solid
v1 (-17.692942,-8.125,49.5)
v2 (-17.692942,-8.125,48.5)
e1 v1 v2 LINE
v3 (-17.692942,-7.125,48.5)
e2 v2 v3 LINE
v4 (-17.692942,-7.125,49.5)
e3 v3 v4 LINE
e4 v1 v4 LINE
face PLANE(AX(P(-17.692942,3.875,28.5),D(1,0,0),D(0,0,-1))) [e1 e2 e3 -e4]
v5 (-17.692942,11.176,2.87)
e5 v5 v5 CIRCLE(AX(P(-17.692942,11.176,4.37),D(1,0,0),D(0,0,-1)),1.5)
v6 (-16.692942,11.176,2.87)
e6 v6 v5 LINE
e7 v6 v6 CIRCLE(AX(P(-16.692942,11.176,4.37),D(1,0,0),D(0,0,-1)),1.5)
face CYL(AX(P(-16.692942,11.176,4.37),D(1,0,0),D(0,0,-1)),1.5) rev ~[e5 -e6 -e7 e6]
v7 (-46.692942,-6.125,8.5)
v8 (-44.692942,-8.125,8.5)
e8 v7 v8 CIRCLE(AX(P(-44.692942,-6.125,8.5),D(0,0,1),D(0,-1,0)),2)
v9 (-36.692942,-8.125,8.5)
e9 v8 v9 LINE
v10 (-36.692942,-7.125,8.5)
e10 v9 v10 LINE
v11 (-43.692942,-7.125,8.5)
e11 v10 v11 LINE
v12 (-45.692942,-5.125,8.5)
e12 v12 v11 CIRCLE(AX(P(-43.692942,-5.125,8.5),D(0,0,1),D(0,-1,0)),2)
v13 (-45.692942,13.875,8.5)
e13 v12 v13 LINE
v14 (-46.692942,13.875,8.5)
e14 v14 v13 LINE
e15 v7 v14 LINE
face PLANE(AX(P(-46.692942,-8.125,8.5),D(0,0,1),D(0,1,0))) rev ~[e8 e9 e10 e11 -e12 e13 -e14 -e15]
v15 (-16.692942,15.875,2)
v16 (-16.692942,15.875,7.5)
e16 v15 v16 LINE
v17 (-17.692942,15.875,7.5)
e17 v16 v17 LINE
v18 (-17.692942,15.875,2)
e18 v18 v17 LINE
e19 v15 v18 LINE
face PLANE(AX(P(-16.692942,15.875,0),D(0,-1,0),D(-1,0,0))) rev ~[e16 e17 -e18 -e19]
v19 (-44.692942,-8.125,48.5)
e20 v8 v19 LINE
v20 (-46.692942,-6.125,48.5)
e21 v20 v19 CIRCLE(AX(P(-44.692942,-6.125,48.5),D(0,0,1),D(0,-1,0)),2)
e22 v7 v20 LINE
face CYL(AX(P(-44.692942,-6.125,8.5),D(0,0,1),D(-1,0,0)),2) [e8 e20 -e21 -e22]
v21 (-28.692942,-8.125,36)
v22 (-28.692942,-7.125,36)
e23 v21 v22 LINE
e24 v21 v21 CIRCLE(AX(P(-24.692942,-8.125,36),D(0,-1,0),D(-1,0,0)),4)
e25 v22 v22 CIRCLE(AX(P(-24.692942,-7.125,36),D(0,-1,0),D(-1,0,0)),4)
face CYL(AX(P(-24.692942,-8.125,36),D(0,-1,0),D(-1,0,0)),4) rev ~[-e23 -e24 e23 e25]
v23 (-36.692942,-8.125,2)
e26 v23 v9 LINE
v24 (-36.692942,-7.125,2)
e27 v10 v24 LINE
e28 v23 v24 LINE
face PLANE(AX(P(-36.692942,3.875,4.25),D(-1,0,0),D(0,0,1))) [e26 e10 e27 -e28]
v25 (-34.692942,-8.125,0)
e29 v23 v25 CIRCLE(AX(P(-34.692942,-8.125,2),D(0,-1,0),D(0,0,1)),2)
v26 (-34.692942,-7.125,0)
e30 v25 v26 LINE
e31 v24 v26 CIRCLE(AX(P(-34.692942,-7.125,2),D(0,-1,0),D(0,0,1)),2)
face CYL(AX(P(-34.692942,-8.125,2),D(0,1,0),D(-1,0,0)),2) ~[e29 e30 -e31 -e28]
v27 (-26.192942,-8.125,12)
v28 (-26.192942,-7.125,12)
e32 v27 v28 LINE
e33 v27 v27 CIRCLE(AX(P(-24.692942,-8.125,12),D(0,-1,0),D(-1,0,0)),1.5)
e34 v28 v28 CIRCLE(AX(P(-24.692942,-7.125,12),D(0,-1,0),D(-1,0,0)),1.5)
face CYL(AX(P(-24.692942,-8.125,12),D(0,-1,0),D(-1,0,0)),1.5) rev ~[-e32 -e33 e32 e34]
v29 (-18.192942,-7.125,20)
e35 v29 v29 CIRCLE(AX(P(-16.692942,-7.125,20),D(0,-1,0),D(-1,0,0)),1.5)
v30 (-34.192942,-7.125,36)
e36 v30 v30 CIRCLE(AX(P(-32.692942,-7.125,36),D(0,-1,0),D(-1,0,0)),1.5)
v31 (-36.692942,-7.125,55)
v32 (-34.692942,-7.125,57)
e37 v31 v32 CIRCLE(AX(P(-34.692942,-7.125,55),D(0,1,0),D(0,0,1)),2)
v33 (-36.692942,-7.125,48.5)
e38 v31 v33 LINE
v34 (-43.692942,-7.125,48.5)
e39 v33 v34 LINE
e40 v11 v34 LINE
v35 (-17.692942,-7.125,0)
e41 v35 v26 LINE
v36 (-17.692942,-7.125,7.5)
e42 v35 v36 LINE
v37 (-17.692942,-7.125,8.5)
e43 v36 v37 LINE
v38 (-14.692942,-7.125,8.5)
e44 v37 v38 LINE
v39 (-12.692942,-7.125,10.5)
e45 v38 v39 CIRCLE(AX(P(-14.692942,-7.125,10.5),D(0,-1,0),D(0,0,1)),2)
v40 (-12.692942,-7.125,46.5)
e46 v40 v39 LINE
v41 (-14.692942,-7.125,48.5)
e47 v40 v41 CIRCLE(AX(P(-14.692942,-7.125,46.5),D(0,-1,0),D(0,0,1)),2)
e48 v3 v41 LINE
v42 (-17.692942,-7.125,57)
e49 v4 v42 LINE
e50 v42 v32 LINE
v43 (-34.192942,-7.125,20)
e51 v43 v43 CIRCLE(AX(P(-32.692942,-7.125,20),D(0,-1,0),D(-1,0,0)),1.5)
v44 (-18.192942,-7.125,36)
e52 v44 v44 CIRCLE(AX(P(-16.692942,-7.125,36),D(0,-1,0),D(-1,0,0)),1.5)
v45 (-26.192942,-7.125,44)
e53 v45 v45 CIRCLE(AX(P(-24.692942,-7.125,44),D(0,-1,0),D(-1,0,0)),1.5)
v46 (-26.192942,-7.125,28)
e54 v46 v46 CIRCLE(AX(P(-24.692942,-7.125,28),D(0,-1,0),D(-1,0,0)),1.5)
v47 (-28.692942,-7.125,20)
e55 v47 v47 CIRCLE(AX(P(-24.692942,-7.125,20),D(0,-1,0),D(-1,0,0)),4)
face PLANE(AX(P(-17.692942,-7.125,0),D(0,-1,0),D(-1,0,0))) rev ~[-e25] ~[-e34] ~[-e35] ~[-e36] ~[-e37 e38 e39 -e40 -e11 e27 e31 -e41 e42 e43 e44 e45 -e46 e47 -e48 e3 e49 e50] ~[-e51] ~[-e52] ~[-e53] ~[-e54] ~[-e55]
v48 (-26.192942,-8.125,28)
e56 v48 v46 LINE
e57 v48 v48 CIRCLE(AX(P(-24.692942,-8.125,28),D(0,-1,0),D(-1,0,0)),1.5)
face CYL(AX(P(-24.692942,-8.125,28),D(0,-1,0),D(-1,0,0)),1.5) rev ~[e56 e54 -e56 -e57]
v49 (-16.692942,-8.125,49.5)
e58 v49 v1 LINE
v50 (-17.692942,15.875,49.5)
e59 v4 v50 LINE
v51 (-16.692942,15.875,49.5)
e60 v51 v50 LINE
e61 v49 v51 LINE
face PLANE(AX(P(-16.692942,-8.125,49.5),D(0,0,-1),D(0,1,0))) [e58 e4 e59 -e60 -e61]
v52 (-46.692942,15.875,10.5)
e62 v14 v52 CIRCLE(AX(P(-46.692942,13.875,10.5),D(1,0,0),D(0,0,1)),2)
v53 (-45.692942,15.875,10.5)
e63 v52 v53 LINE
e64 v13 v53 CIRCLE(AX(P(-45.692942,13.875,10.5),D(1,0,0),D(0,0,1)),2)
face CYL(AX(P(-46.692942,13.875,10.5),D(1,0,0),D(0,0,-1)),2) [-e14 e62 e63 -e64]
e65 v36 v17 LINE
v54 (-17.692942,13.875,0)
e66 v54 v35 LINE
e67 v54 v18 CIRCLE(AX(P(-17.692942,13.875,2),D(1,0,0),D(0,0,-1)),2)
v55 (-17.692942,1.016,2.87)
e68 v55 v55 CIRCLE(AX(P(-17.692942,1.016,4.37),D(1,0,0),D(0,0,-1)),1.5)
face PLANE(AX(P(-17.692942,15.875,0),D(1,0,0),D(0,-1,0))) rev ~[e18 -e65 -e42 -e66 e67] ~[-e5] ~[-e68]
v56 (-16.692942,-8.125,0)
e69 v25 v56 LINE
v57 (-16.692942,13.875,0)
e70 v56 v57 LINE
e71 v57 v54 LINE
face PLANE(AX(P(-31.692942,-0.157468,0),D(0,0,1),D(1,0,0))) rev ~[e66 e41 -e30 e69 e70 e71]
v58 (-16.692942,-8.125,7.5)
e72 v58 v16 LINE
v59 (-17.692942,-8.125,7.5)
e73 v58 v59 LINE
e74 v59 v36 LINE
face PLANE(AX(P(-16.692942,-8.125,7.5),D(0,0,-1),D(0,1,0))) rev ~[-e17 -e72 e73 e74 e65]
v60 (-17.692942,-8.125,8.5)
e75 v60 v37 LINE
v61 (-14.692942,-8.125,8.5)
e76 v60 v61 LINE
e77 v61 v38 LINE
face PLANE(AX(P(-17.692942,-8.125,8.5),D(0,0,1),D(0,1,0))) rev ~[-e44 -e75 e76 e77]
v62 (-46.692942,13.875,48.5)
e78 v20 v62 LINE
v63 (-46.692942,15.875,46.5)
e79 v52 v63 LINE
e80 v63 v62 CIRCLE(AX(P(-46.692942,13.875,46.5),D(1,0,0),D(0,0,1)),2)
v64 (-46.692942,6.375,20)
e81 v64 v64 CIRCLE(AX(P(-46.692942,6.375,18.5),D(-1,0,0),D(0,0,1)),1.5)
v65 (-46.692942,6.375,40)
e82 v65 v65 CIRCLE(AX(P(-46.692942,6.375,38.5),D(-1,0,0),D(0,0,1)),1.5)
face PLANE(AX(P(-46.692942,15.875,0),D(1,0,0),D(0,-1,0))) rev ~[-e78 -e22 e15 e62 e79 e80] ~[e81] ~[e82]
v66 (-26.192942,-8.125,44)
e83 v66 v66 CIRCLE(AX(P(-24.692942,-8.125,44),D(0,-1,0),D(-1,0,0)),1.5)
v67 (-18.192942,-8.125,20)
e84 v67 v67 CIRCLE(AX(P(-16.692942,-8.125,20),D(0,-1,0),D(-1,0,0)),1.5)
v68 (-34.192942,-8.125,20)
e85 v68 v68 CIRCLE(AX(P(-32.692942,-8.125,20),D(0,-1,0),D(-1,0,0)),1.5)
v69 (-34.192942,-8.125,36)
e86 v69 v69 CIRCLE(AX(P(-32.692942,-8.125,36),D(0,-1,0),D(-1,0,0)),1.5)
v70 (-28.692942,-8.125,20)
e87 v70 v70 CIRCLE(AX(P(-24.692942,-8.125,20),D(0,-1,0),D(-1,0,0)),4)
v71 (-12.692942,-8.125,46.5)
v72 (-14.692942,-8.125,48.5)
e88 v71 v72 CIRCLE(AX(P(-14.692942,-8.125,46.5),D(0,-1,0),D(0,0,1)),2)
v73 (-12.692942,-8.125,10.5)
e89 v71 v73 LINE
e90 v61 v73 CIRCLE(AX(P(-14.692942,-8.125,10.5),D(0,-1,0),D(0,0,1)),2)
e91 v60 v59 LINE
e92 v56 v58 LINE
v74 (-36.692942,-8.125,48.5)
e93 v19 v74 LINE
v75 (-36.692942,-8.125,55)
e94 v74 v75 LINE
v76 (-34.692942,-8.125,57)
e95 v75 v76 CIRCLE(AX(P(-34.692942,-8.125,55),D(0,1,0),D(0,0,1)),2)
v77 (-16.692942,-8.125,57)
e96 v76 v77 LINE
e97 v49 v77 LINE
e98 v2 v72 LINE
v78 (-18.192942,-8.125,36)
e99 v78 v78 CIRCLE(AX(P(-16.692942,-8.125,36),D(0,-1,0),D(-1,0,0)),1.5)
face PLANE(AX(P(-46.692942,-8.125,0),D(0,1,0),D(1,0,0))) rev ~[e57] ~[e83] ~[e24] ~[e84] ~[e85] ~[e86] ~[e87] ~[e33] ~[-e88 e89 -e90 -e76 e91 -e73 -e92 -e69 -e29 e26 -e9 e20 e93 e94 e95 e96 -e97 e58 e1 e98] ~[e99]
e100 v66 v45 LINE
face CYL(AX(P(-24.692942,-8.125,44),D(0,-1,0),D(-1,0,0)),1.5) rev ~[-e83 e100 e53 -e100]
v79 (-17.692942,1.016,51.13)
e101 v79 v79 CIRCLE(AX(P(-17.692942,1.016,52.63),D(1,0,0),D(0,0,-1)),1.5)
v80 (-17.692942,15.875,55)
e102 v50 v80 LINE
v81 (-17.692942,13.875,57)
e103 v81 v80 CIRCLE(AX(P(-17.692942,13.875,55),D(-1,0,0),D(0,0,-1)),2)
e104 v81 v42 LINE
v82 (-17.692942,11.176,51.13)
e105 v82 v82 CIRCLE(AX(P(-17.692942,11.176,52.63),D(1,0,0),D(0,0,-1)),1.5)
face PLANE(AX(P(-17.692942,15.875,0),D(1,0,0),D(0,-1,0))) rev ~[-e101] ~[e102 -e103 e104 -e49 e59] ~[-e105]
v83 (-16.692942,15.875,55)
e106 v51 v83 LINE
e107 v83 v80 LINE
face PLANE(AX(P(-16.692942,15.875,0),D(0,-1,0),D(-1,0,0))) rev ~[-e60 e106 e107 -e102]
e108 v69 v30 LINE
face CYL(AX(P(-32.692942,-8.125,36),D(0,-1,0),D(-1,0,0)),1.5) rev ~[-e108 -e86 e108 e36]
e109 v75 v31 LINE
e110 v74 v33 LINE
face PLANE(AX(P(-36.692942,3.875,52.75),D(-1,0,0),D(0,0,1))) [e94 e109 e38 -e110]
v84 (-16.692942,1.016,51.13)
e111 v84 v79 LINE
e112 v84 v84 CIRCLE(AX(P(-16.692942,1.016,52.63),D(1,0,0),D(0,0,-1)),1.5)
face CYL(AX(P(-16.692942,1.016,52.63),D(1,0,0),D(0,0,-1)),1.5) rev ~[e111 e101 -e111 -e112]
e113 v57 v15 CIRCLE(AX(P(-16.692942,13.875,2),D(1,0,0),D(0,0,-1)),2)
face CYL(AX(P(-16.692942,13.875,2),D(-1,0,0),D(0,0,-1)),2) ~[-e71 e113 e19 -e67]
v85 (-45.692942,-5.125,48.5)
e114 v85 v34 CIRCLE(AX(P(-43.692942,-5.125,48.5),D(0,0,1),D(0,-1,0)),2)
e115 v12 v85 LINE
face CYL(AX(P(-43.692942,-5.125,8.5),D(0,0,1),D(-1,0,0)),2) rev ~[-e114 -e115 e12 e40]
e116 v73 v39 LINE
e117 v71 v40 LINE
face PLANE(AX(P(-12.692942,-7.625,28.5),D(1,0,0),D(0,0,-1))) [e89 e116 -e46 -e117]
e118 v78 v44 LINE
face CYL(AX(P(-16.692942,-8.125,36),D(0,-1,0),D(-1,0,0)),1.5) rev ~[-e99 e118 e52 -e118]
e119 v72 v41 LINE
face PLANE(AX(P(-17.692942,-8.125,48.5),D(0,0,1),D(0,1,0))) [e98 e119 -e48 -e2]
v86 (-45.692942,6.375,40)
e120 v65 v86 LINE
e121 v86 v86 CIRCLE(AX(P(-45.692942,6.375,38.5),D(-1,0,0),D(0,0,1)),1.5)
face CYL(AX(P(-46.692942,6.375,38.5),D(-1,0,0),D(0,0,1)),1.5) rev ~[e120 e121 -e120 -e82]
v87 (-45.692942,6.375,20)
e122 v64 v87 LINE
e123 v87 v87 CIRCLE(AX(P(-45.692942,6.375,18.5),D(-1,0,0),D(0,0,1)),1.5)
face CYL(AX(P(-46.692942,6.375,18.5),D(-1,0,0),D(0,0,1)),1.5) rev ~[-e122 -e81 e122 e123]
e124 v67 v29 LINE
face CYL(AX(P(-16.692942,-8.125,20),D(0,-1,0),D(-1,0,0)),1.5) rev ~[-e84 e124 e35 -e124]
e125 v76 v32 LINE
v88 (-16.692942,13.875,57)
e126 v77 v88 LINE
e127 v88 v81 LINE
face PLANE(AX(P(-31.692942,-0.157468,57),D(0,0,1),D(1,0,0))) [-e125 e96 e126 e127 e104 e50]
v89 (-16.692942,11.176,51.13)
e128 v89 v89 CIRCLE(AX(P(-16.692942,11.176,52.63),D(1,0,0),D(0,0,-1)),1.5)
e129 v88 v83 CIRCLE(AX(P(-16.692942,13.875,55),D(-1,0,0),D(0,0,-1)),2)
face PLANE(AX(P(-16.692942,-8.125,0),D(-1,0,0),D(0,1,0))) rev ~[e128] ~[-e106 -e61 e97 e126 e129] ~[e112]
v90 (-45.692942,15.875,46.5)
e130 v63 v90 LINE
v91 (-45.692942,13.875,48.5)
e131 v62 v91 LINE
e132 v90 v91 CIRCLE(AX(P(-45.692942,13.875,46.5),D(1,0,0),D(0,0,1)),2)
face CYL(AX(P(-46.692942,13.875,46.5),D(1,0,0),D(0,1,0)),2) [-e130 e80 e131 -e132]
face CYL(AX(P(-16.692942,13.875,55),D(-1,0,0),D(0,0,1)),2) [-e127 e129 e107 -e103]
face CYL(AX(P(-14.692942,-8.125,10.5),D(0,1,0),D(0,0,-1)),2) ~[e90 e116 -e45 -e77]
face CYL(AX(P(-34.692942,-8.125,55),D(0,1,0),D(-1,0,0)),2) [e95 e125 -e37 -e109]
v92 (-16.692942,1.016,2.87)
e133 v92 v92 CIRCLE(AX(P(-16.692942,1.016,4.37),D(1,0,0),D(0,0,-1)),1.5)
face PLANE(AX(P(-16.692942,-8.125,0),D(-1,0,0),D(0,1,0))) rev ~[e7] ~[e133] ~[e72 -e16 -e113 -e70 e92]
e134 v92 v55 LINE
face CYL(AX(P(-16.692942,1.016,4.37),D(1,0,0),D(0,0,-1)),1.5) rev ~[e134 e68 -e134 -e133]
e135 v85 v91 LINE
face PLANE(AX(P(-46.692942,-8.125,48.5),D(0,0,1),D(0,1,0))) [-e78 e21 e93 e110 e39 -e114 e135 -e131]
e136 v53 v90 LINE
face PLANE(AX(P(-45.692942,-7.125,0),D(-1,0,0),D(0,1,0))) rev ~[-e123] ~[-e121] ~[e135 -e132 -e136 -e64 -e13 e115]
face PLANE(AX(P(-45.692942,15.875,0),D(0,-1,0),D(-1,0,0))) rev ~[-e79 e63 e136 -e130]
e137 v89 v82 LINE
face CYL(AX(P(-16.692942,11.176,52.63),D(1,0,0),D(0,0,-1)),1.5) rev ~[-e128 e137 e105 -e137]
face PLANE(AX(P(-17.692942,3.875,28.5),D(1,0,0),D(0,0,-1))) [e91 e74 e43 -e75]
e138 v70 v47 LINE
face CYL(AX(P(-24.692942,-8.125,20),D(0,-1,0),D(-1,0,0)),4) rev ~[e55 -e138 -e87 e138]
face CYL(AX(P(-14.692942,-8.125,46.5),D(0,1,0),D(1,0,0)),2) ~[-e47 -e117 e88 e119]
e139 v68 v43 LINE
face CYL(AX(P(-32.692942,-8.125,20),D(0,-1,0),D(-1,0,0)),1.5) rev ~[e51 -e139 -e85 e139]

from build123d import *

# Parameters (mm, degrees)
BOSS_EXTRUDE1_DEPTH = 57
SKETCH2_W           = 42
SKETCH2_H           = 24
CUT_EXTRUDE1_DEPTH  = 1
SKETCH3_R           = 1.5
CUT_EXTRUDE2_DEPTH  = 2.54
SKETCH4_W           = 8.5
SKETCH4_H           = 24
CUT_EXTRUDE3_DEPTH  = 10
SKETCH5_R           = 1.5
CUT_EXTRUDE4_DEPTH  = 10
SKETCH6_W           = 40
SKETCH6_H           = 1
BOSS_EXTRUDE2_DEPTH = 5
SKETCH7_R           = 4
SKETCH7_R_2         = 1.5
CUT_EXTRUDE5_DEPTH  = 1
FILLET1_R           = 2


with BuildPart() as part:
    # Sketch1 → Boss-Extrude1 (new body)
    with BuildSketch(Plane.XY):
        Polygon((-46.692941858, 15.875), (-46.692941858, -8.125), (-16.692941858, -8.125), (-16.692941858, 15.875), (-17.692941858, 15.875), (-17.692941858, -7.125), (-45.692941858, -7.125), (-45.692941858, 15.875), align=None)
    extrude(amount=BOSS_EXTRUDE1_DEPTH)

    # Sketch2 → Cut-Extrude1 (cut)
    with BuildSketch(Plane(origin=(-16.692941858, 0, 0), x_dir=(0, 0, -1), z_dir=(1, 0, 0))):
        with Locations((-28.5, 3.875)):
            Rectangle(SKETCH2_W, SKETCH2_H)
    extrude(amount=-CUT_EXTRUDE1_DEPTH, mode=Mode.SUBTRACT)

    # Sketch3 → Cut-Extrude2 (cut)
    with BuildSketch(Plane(origin=(-16.692941858, 0, 0), x_dir=(0, 0, -1), z_dir=(1, 0, 0))):
        with Locations((-52.63, 11.176)):
            Circle(SKETCH3_R)
        with Locations((-4.37, 11.176)):
            Circle(SKETCH3_R)
        with Locations((-4.37, 1.016)):
            Circle(SKETCH3_R)
        with Locations((-52.63, 1.016)):
            Circle(SKETCH3_R)
    extrude(amount=-CUT_EXTRUDE2_DEPTH, mode=Mode.SUBTRACT)

    # Sketch4 → Cut-Extrude3 (cut)
    with BuildSketch(Plane.ZY.offset(46.692941858)):
        with Locations((4.25, 3.875)):
            Rectangle(SKETCH4_W, SKETCH4_H)
        with Locations((52.75, 3.875)):
            Rectangle(SKETCH4_W, SKETCH4_H)
    extrude(amount=-CUT_EXTRUDE3_DEPTH, mode=Mode.SUBTRACT)

    # Sketch5 → Cut-Extrude4 (cut)
    with BuildSketch(Plane.ZY.offset(46.692941858)):
        with Locations((38.5, 6.375)):
            Circle(SKETCH5_R)
        with Locations((18.5, 6.375)):
            Circle(SKETCH5_R)
    extrude(amount=-CUT_EXTRUDE4_DEPTH, mode=Mode.SUBTRACT)

    # Sketch6 → Boss-Extrude2 (add)
    with BuildSketch(Plane(origin=(-17.692941858, 0, 0), x_dir=(0, 0, -1), z_dir=(1, 0, 0))):
        with Locations((-28.5, -7.625)):
            Rectangle(SKETCH6_W, SKETCH6_H)
    extrude(amount=BOSS_EXTRUDE2_DEPTH)

    # Sketch7 → Cut-Extrude5 (cut)
    with BuildSketch(Plane(origin=(0, -8.125, 0), x_dir=(-1, 0, 0), z_dir=(0, -1, 0))):
        with Locations((24.692941858, -20)):
            Circle(SKETCH7_R)
        with Locations((24.692941858, -12)):
            Circle(SKETCH7_R_2)
        with Locations((32.692941858, -20)):
            Circle(SKETCH7_R_2)
        with Locations((24.692941858, -28)):
            Circle(SKETCH7_R_2)
        with Locations((16.692941858, -20)):
            Circle(SKETCH7_R_2)
        with Locations((32.692941858, -36)):
            Circle(SKETCH7_R_2)
        with Locations((24.692941858, -44)):
            Circle(SKETCH7_R_2)
        with Locations((16.692941858, -36)):
            Circle(SKETCH7_R_2)
        with Locations((24.692941858, -36)):
            Circle(SKETCH7_R)
    extrude(amount=-CUT_EXTRUDE5_DEPTH, mode=Mode.SUBTRACT)

    # Fillet1
    fillet1_edges = [part.edges().sort_by_distance(p)[0] for p in [
        (-12.692941858, -7.625, 8.5),
        (-12.692941858, -7.625, 48.5),
        (-17.192941858, 15.875, 57),
        (-36.692941858, -7.625, 0),
        (-46.192941858, 15.875, 8.5),
        (-45.692941858, -7.125, 28.5),
        (-46.692941858, -8.125, 28.5),
        (-36.692941858, -7.625, 57),
        (-17.192941858, 15.875, 0),
        (-46.192941858, 15.875, 48.5),
    ]]
    fillet(fillet1_edges, radius=FILLET1_R)


solid = part.part
